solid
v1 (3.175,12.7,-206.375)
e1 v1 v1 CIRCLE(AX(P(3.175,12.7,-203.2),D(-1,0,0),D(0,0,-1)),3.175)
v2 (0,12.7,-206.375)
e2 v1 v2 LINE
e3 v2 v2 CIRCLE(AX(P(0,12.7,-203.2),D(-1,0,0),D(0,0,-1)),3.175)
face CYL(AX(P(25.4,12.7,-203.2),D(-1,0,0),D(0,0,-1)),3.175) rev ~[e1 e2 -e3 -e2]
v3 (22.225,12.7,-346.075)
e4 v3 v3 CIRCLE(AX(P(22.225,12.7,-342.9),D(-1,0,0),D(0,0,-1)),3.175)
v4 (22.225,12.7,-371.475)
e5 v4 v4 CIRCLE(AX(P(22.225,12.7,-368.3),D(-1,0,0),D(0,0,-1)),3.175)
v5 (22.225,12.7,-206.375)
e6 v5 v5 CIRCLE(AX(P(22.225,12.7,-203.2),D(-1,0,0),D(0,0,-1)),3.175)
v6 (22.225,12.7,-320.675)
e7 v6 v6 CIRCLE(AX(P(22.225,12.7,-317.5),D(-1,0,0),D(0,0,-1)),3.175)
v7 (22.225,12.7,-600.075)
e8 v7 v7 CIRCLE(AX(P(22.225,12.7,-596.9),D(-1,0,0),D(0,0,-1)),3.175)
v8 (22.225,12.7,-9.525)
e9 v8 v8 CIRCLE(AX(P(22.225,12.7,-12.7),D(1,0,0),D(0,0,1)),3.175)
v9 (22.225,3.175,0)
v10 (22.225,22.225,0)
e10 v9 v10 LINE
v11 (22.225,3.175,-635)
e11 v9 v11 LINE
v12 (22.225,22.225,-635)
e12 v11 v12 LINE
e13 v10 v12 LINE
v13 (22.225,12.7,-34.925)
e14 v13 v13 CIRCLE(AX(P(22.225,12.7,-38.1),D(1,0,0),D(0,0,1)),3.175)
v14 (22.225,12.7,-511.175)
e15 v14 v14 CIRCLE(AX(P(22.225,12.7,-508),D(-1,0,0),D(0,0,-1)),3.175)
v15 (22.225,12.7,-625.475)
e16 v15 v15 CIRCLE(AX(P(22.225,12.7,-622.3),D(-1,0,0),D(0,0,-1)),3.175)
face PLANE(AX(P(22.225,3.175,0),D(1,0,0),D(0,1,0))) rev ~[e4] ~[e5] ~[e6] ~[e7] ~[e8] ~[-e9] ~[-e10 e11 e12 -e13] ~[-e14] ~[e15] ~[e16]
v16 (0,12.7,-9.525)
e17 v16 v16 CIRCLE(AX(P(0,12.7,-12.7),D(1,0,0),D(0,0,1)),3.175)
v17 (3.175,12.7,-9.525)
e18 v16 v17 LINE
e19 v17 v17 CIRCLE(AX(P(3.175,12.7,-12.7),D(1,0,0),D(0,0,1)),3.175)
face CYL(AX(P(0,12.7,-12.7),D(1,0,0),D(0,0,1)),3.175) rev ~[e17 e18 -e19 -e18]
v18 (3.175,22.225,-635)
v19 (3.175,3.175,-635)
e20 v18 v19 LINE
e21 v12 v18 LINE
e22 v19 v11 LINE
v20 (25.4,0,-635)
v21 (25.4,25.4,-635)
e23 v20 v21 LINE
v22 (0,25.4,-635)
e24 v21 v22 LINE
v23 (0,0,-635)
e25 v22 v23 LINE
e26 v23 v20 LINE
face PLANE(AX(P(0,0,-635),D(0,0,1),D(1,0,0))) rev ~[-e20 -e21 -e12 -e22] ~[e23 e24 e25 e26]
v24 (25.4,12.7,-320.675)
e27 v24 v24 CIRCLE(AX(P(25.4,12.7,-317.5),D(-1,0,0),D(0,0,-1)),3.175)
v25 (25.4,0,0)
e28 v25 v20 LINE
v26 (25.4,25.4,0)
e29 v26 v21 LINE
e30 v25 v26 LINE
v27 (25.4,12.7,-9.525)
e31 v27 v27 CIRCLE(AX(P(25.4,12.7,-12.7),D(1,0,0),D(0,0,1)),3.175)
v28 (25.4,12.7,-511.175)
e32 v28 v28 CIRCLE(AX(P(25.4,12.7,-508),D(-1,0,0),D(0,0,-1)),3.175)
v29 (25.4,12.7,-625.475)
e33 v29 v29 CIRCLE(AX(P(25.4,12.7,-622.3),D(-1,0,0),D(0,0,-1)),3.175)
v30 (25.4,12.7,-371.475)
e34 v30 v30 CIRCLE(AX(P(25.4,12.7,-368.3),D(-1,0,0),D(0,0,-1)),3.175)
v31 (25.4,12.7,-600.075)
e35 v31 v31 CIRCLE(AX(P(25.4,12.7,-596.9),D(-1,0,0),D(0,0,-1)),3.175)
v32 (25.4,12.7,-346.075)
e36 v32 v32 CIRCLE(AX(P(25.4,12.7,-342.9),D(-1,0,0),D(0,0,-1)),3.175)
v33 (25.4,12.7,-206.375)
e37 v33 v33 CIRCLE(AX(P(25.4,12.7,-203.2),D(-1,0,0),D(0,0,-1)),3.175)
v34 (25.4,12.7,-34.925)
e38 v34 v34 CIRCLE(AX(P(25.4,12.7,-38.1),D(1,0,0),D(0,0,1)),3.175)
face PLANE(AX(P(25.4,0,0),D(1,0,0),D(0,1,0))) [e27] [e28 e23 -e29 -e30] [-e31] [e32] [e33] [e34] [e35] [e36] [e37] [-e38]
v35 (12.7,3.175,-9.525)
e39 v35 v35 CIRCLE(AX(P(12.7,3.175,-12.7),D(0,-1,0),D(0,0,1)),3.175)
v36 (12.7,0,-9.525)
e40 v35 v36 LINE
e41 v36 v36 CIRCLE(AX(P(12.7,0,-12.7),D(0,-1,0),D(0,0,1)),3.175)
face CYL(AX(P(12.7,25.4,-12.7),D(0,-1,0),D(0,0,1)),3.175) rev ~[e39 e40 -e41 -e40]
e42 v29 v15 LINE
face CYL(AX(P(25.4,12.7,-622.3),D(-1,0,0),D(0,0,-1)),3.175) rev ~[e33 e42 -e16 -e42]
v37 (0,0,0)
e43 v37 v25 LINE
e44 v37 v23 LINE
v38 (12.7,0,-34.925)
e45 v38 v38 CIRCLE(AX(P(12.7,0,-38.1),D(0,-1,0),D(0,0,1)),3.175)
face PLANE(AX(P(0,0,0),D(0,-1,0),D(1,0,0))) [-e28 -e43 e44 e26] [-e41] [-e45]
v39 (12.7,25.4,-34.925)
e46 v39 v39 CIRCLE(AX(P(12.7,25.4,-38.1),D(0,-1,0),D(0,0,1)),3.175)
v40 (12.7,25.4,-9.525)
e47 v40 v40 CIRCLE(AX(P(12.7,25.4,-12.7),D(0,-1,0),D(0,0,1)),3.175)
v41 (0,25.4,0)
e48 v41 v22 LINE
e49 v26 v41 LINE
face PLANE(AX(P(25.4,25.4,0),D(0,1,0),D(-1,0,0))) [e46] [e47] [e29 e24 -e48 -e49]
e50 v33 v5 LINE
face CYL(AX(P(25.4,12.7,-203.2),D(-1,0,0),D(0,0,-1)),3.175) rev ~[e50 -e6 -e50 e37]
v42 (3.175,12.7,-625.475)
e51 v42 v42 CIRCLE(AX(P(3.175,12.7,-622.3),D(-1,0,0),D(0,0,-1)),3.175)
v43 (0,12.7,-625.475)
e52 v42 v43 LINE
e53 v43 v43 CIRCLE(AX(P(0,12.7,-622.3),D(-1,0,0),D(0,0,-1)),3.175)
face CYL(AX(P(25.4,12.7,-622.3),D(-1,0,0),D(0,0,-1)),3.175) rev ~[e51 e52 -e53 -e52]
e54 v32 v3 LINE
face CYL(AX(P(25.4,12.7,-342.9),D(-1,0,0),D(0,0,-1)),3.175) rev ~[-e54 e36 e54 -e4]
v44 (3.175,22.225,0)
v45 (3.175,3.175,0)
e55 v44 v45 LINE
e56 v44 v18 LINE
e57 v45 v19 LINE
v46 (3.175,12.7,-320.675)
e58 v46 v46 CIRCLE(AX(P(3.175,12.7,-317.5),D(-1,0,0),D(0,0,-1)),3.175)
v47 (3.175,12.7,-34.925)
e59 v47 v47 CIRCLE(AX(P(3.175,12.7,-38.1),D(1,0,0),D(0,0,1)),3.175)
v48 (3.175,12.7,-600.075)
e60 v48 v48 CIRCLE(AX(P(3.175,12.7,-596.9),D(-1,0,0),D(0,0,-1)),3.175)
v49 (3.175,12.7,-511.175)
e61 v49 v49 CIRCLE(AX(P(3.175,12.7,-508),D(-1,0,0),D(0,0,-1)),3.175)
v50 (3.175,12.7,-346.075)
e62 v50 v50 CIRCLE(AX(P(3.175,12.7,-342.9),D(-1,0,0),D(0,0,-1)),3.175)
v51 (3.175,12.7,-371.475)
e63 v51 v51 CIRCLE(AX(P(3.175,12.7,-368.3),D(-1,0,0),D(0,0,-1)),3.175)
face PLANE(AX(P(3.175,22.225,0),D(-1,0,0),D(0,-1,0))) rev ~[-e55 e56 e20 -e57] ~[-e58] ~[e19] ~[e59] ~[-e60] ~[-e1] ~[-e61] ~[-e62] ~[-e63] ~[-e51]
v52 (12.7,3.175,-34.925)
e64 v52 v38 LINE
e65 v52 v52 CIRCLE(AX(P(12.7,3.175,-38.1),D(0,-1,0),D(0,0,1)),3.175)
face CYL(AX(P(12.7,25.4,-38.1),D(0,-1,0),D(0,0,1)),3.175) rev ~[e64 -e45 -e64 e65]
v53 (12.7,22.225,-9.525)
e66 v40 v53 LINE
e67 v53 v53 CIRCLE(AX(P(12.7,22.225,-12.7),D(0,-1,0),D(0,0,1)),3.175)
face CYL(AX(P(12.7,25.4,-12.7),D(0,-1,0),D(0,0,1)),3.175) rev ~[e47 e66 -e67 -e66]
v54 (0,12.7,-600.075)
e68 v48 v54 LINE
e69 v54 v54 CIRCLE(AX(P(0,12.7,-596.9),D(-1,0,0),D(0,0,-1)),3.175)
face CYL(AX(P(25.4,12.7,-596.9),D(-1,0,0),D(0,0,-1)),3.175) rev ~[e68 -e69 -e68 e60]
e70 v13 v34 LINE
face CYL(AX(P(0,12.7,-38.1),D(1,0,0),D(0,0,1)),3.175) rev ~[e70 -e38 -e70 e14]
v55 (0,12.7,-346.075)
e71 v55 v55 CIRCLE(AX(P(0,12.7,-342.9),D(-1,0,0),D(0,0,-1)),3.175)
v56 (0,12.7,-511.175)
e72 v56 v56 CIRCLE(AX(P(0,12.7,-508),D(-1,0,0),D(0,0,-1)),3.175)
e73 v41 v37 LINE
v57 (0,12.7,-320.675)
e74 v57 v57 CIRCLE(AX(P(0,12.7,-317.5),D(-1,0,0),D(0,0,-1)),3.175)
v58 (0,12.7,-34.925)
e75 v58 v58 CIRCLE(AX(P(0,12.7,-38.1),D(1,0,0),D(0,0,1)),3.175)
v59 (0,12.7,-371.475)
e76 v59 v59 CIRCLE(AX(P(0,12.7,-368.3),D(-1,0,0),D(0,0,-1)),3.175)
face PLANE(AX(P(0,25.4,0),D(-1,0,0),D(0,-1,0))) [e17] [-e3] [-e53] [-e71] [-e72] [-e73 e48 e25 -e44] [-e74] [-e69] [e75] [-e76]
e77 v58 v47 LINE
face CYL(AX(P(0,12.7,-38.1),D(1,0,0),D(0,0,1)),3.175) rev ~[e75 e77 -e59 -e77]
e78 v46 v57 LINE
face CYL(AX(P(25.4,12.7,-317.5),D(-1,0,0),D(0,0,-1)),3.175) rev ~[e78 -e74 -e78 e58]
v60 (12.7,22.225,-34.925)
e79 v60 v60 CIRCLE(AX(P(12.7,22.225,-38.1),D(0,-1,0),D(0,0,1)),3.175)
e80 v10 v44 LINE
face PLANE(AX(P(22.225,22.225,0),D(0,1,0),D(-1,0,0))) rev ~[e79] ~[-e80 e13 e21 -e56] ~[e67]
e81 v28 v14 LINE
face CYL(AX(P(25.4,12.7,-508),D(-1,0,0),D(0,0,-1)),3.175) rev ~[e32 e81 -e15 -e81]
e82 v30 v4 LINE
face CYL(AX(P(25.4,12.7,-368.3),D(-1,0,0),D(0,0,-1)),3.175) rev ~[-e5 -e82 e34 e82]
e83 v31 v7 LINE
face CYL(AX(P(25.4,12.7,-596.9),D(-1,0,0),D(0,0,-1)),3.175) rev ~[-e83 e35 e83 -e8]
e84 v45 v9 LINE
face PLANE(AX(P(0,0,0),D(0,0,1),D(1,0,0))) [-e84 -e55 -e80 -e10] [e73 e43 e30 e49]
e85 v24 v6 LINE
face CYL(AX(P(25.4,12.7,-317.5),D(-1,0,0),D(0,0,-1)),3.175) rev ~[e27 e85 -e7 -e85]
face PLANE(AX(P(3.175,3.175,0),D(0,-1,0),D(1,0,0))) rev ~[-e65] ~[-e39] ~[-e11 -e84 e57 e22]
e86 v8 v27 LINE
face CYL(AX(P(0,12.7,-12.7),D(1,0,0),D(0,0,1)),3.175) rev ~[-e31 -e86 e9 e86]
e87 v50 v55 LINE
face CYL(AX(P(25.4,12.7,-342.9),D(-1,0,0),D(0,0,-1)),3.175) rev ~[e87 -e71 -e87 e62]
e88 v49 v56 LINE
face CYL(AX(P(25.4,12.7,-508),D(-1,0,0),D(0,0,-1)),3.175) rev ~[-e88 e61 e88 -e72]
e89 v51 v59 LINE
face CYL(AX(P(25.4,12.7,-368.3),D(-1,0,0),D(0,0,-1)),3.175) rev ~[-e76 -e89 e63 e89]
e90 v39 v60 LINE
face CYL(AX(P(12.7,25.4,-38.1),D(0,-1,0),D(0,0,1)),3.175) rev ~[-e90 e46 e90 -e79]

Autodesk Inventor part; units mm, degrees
ref_plane "YZ Plane" through (0, 0, 0) normal (1, 0, 0) x (0, 1, 0)
ref_plane "XZ Plane" through (0, 0, 0) normal (0, 1, 0) x (-1, 0, 0)
ref_plane "XY Plane" through (0, 0, 0) normal (0, 0, 1) x (1, 0, 0)
sketch "Sketch1" plane through (0, 0, 0) normal (0, 0, 1) x (1, 0, 0)
  line L0 (0, 0) -> (25.4, 0)
  line L1 (25.4, 0) -> (25.4, 25.4)
  line L2 (25.4, 25.4) -> (0, 25.4)
  line L3 (0, 25.4) -> (0, 0)
  line L4 (3.175, 3.175) -> (22.225, 3.175)
  line L5 (22.225, 3.175) -> (22.225, 22.225)
  line L6 (22.225, 22.225) -> (3.175, 22.225)
  line L7 (3.175, 22.225) -> (3.175, 3.175)
  dimension "d0" = 25.4
  dimension "d1" = 25.4
  dimension "d2" = 3.175
extrude "Extrusion1" add sketch "Sketch1" against normal blind 635
sketch "Sketch3" plane through (0, 25.4, 0) normal (0, 1, 0) x (1, 0, 0)
  line L0 (25.4, 0) -> (0, 0) projected
  point P0 (12.7, 12.7)
  point P1 (12.7, 38.1)
  dimension "d24" = 12.7
  dimension "d25" = 25.4
hole "Hole3" at (12.7, 25.4, -12.7) at (12.7, 25.4, -38.1) direction (0, -1, 0) diameter 6.35 depth 25.4 tip angle 118
sketch "Sketch4" plane through (0, 0, 0) normal (-1, 0, 0) x (0, 0, 1)
  line L0 (0, 25.4) -> (0, 0) projected
  point P0 (-12.7, 12.7)
  point P1 (-38.1, 12.7)
  dimension "d33" = 12.7
  dimension "d34" = 25.4
hole "Hole4" at (0, 12.7, -12.7) at (0, 12.7, -38.1) direction (1, 0, 0) diameter 6.35 depth 25.4 tip angle 118
sketch "Sketch5" plane through (25.4, 0, 0) normal (1, 0, 0) x (0, 0, -1)
  line L0 (0, 0) -> (0, 25.4) projected
  point P0 (317.5, 12.7)
  point P1 (342.9, 12.7)
  point P2 (368.3, 12.7)
  point P3 (596.9, 12.7)
  point P4 (622.3, 12.7)
  point P5 (647.7, 12.7)
  point P6 (812.8, 12.7)
  point P7 (508, 12.7)
  point P8 (203.2, 12.7)
  point P9 (977.9, 12.7)
  point P10 (952.5, 12.7)
  dimension "d42" = 317.5
  dimension "d43" = 25.4
  dimension "d44" = 25.4
  dimension "d45" = 25.4
  dimension "d46" = 25.4
  dimension "d47" = 228.6
  dimension "d55" = 165.1
  dimension "d56" = 139.7
  dimension "d57" = 114.3
  dimension "d58" = 25.4
  dimension "d59" = 139.7
hole "Hole5" at (25.4, 12.7, -317.5) at (25.4, 12.7, -342.9) at (25.4, 12.7, -368.3) at (25.4, 12.7, -596.9) at (25.4, 12.7, -622.3) at (25.4, 12.7, -647.7) at (25.4, 12.7, -203.2) at (25.4, 12.7, -508) at (25.4, 12.7, -812.8) at (25.4, 12.7, -952.5) at (25.4, 12.7, -977.9) direction (-1, 0, 0) diameter 6.35 depth 25.4 tip angle 118
properties part number "towermediumfrontthing"
